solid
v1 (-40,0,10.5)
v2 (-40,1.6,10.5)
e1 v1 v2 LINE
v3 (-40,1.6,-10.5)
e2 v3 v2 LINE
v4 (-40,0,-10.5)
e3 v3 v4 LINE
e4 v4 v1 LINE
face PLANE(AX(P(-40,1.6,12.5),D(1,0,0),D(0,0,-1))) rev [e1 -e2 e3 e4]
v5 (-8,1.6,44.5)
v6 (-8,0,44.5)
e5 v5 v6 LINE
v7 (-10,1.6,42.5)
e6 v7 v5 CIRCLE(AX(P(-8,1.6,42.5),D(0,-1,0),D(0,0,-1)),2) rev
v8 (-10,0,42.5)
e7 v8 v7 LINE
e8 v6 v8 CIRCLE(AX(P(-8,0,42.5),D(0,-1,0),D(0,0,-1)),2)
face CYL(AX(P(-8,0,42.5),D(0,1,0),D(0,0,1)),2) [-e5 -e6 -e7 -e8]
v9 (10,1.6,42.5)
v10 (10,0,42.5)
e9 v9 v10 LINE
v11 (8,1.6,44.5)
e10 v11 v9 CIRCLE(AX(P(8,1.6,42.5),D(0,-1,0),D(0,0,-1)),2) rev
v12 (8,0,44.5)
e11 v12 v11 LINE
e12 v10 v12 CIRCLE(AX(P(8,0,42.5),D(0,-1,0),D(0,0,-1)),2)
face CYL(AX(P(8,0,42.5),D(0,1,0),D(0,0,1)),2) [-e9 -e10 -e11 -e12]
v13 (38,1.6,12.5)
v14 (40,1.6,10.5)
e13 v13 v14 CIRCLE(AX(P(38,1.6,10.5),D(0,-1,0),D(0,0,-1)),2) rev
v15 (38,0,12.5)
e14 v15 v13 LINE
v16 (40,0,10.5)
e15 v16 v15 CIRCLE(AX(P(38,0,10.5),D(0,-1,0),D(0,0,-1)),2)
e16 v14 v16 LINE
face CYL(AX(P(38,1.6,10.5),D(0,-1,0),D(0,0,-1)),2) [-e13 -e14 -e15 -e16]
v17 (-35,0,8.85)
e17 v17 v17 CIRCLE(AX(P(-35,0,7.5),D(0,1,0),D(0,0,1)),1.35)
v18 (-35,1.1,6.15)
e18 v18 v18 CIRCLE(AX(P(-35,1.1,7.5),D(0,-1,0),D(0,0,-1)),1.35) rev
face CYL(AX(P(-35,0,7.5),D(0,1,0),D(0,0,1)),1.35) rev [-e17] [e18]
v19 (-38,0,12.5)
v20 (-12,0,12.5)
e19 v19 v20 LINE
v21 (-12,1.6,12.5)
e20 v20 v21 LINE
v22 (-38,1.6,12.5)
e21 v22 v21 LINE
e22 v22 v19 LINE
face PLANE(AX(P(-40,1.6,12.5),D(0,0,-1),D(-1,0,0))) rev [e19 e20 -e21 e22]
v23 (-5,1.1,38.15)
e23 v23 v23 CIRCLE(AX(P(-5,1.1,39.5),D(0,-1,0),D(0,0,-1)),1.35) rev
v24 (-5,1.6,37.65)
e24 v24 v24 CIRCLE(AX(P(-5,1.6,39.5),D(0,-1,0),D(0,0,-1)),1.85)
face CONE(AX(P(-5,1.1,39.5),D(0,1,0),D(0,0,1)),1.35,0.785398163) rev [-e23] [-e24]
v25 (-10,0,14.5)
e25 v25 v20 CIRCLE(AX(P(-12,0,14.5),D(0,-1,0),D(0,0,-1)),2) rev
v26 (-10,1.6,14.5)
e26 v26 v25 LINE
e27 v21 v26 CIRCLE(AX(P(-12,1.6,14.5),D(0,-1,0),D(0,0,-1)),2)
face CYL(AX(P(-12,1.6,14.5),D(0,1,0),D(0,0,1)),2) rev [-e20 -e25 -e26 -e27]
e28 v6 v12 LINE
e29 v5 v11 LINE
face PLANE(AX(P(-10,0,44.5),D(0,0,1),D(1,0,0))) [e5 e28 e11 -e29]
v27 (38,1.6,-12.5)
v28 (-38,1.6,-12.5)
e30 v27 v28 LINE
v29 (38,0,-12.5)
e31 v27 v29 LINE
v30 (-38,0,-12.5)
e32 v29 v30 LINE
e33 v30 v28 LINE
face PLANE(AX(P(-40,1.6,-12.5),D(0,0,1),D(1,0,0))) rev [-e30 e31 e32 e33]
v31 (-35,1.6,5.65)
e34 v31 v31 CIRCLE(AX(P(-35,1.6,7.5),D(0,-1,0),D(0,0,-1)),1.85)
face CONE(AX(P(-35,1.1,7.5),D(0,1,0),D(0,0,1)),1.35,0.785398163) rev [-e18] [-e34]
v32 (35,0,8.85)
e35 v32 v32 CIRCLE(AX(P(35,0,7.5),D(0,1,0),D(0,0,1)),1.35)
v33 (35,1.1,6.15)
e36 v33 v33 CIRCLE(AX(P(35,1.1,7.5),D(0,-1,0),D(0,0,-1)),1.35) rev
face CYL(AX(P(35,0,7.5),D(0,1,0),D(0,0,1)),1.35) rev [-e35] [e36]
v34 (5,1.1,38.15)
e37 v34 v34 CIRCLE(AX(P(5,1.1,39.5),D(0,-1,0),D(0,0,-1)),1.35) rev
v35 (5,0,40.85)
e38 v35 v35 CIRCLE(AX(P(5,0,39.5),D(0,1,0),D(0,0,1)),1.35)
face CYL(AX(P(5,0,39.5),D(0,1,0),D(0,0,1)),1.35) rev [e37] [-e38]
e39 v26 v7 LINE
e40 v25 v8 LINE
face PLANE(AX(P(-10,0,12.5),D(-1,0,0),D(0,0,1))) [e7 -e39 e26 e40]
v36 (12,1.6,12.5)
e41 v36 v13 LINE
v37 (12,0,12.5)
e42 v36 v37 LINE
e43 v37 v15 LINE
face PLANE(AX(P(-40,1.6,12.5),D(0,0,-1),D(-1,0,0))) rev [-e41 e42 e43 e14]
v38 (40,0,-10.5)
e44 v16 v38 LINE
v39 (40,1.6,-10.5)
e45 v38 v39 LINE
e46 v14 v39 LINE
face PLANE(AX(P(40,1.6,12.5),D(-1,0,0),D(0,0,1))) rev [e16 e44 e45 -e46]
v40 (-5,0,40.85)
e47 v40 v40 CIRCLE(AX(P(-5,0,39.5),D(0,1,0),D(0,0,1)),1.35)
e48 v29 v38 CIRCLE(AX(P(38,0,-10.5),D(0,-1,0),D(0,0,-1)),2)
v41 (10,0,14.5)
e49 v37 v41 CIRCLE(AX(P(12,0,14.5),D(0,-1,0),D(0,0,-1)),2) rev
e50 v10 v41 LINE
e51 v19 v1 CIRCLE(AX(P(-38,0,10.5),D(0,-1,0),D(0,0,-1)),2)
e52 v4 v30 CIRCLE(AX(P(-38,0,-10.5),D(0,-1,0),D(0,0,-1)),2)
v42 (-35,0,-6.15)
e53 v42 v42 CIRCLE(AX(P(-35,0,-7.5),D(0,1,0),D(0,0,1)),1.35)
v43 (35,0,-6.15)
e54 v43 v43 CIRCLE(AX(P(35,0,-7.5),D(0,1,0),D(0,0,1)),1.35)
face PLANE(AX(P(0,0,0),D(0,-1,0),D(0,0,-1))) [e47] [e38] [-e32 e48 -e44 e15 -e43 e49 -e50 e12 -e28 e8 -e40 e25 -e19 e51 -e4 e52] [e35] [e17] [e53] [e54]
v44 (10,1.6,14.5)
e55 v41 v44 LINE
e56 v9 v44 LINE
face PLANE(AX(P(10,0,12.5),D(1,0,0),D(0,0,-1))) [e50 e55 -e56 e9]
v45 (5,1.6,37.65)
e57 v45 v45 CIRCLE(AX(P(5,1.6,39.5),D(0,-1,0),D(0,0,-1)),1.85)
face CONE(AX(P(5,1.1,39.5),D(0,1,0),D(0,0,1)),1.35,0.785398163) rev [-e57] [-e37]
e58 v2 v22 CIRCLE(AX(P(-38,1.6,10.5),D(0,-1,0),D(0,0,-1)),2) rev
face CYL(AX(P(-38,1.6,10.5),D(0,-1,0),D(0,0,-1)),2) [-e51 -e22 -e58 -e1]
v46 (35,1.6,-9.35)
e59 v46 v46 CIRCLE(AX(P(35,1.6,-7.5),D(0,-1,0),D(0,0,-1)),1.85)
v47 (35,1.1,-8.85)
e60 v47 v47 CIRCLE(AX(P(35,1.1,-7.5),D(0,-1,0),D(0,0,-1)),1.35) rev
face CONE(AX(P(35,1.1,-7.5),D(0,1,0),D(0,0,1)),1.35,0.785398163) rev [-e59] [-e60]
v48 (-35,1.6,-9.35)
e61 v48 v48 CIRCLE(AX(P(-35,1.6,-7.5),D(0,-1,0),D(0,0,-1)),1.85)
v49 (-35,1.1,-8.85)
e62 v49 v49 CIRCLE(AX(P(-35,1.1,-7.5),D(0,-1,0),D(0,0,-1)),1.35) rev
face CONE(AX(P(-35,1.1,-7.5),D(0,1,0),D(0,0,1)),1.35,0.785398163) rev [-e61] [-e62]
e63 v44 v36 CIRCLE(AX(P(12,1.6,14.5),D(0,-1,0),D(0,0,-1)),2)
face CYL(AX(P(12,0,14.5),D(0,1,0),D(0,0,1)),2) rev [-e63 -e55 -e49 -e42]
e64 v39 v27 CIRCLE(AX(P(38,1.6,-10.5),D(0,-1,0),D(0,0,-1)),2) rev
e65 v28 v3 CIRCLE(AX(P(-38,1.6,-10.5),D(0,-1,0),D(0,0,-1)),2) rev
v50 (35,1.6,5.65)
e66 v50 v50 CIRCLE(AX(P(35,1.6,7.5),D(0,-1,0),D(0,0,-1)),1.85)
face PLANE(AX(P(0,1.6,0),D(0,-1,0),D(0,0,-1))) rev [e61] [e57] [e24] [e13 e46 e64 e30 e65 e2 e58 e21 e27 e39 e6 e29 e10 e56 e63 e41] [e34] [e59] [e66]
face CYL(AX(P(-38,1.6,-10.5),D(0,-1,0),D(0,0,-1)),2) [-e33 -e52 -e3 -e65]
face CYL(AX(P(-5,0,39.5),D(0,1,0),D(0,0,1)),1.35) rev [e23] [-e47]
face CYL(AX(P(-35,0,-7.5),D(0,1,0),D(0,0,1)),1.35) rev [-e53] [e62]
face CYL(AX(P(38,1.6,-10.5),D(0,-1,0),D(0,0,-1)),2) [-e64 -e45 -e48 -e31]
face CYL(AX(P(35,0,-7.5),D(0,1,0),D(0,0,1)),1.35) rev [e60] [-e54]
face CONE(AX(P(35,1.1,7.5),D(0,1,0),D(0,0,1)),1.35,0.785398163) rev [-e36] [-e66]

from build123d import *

# Parameters (mm, degrees)
SKETCH1_W           = 80
SKETCH1_H           = 25
BOSS_EXTRUDE1_DEPTH = 1.6
SKETCH2_W           = 20
SKETCH2_H           = 32
BOSS_EXTRUDE2_DEPTH = 1.6
SKETCH3_R           = 1.35
CUT_EXTRUDE1_DEPTH  = 1.6
SKETCH4_R           = 1.35
CUT_EXTRUDE2_DEPTH  = 1.6
SKETCH5_R           = 1.35
CUT_EXTRUDE3_DEPTH  = 1.6
SKETCH6_R           = 1.35
CUT_EXTRUDE4_DEPTH  = 1.6
SKETCH7_R           = 1.35
CUT_EXTRUDE5_DEPTH  = 1.6
SKETCH8_R           = 1.35
CUT_EXTRUDE6_DEPTH  = 1.6
CHAMFER1_SIZE       = 0.5
FILLET1_R           = 2


with BuildPart() as part:
    # Sketch1 → Boss-Extrude1 (new body)
    with BuildSketch(Plane(origin=(0, 0, 0), x_dir=(1, 0, 0), z_dir=(0, 1, 0))):
        Rectangle(SKETCH1_W, SKETCH1_H)
    extrude(amount=BOSS_EXTRUDE1_DEPTH)

    # Sketch2 → Boss-Extrude2 (add)
    with BuildSketch(Plane(origin=(0, 1.6, 0), x_dir=(1, 0, 0), z_dir=(0, 1, 0))):
        with Locations((0, -28.5)):
            Rectangle(SKETCH2_W, SKETCH2_H)
    extrude(amount=-BOSS_EXTRUDE2_DEPTH)

    # Sketch3 → Cut-Extrude1 (cut)
    with BuildSketch(Plane(origin=(0, 1.6, 0), x_dir=(1, 0, 0), z_dir=(0, 1, 0))):
        with Locations(Location((-35, 7.5, 0), (0, 0, 270))):
            Circle(SKETCH3_R)
    extrude(amount=-CUT_EXTRUDE1_DEPTH, mode=Mode.SUBTRACT)

    # Sketch4 → Cut-Extrude2 (cut)
    with BuildSketch(Plane(origin=(0, 1.6, 0), x_dir=(1, 0, 0), z_dir=(0, 1, 0))):
        with Locations(Location((35, 7.5, 0), (0, 0, 270))):
            Circle(SKETCH4_R)
    extrude(amount=-CUT_EXTRUDE2_DEPTH, mode=Mode.SUBTRACT)

    # Sketch5 → Cut-Extrude3 (cut)
    with BuildSketch(Plane(origin=(0, 1.6, 0), x_dir=(1, 0, 0), z_dir=(0, 1, 0))):
        with Locations(Location((-35, -7.5, 0), (0, 0, 270))):
            Circle(SKETCH5_R)
    extrude(amount=-CUT_EXTRUDE3_DEPTH, mode=Mode.SUBTRACT)

    # Sketch6 → Cut-Extrude4 (cut)
    with BuildSketch(Plane(origin=(0, 1.6, 0), x_dir=(1, 0, 0), z_dir=(0, 1, 0))):
        with Locations(Location((35, -7.5, 0), (0, 0, 270))):
            Circle(SKETCH6_R)
    extrude(amount=-CUT_EXTRUDE4_DEPTH, mode=Mode.SUBTRACT)

    # Sketch7 → Cut-Extrude5 (cut)
    with BuildSketch(Plane(origin=(0, 1.6, 0), x_dir=(1, 0, 0), z_dir=(0, 1, 0))):
        with Locations(Location((-5, -39.5, 0), (0, 0, 270))):
            Circle(SKETCH7_R)
    extrude(amount=-CUT_EXTRUDE5_DEPTH, mode=Mode.SUBTRACT)

    # Sketch8 → Cut-Extrude6 (cut)
    with BuildSketch(Plane(origin=(0, 1.6, 0), x_dir=(1, 0, 0), z_dir=(0, 1, 0))):
        with Locations(Location((5, -39.5, 0), (0, 0, 270))):
            Circle(SKETCH8_R)
    extrude(amount=-CUT_EXTRUDE6_DEPTH, mode=Mode.SUBTRACT)

    # Chamfer1
    chamfer1_edges = [part.edges().sort_by_distance(p)[0] for p in [
        (-35, 1.6, -8.85),
        (35, 1.6, -8.85),
        (-35, 1.6, 6.15),
        (35, 1.6, 6.15),
        (-5, 1.6, 38.15),
        (5, 1.6, 38.15),
    ]]
    chamfer(chamfer1_edges, length=CHAMFER1_SIZE)

    # Fillet1
    fillet1_edges = [part.edges().sort_by_distance(p)[0] for p in [
        (-40, 0.8, -12.5),
        (40, 0.8, -12.5),
        (40, 0.8, 12.5),
        (10, 0.8, 12.5),
        (10, 0.8, 44.5),
        (-10, 0.8, 44.5),
        (-10, 0.8, 12.5),
        (-40, 0.8, 12.5),
    ]]
    fillet(fillet1_edges, radius=FILLET1_R)


solid = part.part
